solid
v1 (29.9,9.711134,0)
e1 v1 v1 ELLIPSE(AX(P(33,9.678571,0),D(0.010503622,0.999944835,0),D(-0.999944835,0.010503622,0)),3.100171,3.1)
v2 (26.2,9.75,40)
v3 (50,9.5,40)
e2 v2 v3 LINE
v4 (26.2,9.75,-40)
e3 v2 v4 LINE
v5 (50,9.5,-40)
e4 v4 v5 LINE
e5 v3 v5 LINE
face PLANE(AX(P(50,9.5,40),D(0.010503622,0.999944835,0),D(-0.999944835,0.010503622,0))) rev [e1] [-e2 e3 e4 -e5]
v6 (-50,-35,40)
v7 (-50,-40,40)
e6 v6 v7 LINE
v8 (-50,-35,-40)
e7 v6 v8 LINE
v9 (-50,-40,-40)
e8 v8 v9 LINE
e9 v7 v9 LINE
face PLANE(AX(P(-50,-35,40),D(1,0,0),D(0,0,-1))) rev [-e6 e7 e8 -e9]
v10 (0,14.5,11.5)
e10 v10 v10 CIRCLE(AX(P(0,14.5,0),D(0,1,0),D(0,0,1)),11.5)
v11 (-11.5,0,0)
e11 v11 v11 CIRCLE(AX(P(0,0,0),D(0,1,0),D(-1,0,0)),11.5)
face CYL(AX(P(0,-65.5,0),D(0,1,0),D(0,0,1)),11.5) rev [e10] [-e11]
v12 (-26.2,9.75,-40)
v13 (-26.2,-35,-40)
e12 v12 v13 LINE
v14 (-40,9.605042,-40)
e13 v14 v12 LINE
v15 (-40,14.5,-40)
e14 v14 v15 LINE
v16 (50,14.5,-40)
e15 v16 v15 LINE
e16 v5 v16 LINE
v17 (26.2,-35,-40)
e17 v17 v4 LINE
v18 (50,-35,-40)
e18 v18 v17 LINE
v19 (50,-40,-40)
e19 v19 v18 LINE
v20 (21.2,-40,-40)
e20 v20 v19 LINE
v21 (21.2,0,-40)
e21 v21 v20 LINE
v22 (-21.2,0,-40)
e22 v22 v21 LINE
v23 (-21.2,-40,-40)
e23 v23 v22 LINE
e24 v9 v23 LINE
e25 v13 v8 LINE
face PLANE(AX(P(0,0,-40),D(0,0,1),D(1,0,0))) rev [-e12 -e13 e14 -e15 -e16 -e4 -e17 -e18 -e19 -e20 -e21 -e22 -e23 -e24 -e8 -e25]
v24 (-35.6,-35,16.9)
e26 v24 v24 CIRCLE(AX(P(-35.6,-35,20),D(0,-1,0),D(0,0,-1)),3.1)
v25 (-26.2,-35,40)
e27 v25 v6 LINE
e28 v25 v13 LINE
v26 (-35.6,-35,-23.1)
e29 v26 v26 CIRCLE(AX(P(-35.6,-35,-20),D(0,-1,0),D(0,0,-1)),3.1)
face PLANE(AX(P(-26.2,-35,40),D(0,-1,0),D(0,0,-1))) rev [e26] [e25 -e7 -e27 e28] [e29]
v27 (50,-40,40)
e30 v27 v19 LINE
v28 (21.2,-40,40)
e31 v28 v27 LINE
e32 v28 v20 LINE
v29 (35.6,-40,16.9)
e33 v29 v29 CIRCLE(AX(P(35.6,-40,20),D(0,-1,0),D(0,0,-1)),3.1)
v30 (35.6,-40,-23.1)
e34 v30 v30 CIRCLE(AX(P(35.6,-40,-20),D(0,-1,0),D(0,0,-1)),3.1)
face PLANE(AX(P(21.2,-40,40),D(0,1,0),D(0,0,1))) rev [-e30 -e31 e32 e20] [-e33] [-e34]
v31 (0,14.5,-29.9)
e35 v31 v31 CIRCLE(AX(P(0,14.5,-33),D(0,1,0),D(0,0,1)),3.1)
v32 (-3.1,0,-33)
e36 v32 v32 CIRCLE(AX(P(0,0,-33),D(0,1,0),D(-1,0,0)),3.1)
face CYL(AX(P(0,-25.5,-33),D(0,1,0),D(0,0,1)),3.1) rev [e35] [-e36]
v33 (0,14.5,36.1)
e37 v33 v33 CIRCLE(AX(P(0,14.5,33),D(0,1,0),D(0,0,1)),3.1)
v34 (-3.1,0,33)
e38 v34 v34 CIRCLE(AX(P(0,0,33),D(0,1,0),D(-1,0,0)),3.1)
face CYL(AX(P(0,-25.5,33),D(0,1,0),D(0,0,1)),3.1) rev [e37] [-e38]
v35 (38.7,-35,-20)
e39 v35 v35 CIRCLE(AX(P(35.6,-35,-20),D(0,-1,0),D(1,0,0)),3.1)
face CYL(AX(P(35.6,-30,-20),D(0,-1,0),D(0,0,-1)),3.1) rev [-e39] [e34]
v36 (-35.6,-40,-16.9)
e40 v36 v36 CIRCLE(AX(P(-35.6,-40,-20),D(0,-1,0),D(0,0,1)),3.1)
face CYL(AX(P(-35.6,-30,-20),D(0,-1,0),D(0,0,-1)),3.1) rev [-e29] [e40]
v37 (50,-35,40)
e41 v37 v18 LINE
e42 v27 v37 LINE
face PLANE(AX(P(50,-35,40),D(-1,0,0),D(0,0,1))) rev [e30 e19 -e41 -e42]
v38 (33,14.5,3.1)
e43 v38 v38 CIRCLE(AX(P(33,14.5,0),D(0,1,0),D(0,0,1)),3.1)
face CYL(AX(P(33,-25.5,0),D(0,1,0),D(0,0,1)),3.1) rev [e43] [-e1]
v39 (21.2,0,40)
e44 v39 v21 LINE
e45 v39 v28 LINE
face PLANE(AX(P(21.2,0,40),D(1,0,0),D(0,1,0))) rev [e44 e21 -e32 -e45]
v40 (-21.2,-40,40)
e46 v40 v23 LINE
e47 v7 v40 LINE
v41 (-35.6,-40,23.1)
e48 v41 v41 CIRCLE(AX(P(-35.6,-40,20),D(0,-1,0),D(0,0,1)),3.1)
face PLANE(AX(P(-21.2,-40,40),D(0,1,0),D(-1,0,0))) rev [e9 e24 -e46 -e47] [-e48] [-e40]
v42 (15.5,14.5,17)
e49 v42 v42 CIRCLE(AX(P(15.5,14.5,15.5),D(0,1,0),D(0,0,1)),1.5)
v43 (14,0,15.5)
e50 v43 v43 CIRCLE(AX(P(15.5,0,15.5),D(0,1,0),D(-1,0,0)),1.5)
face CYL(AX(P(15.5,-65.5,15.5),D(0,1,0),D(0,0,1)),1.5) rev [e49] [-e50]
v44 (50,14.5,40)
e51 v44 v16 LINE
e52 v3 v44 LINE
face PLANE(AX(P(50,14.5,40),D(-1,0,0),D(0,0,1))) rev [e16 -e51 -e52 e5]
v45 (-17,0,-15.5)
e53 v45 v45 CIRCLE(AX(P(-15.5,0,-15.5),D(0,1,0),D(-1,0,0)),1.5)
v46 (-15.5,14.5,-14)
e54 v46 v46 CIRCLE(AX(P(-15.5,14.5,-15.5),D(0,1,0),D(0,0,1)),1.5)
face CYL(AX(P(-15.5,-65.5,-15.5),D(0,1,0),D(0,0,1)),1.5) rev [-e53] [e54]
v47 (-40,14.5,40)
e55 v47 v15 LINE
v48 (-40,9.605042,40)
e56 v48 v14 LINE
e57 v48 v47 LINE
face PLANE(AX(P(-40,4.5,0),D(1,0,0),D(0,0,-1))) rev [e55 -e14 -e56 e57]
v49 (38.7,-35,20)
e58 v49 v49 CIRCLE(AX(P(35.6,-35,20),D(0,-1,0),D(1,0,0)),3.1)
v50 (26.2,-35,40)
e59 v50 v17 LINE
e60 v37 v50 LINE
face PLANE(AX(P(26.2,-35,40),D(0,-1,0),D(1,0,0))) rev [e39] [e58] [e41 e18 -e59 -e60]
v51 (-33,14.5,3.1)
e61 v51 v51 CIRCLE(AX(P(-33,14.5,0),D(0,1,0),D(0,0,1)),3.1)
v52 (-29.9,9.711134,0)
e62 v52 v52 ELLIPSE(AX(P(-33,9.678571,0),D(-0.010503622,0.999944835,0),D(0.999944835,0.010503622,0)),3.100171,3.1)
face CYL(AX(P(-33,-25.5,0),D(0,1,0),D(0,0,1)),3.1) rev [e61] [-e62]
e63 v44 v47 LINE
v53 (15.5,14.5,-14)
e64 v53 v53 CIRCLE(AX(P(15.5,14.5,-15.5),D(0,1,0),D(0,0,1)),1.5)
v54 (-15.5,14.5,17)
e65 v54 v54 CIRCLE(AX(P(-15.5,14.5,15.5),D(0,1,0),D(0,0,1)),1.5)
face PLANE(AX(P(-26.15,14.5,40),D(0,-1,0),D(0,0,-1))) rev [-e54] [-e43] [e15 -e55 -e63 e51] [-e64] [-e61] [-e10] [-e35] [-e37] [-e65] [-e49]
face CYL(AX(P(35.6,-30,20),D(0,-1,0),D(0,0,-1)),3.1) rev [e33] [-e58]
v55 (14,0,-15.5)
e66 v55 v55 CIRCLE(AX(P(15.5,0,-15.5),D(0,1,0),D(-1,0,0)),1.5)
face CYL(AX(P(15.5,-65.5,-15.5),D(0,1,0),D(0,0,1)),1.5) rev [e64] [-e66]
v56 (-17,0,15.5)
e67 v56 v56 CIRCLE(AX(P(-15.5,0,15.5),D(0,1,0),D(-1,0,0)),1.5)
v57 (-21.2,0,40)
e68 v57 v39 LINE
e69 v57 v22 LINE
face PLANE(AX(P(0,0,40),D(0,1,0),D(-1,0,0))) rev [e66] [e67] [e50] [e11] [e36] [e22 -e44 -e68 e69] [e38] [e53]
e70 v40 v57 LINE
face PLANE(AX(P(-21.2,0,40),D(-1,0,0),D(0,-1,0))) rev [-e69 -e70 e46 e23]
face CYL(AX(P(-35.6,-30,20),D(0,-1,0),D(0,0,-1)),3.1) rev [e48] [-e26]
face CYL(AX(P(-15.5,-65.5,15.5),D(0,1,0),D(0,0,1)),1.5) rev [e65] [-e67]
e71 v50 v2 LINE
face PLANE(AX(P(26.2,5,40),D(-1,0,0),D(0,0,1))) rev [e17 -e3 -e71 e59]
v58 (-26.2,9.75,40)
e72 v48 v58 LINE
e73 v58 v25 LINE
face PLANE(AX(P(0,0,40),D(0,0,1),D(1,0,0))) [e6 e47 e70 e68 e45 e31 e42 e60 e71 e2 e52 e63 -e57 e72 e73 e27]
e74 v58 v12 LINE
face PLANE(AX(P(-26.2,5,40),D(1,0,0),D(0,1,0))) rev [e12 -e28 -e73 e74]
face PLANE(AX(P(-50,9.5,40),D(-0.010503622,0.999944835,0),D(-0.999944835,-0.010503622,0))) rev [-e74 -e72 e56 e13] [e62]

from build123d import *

# Parameters (mm, degrees)
BOSS_EXTRUDE3_DEPTH = 40
SKETCH4_R           = 11.5
SKETCH4_R_2         = 1.5
CUT_EXTRUDE1_DEPTH  = 80
SKETCH5_R           = 3.1
CUT_EXTRUDE2_DEPTH  = 40
SKETCH9_R           = 3.1
CUT_EXTRUDE3_DEPTH  = 10
SKETCH11_W          = 10
SKETCH11_H          = 80
CUT_EXTRUDE4_DEPTH  = 10


with BuildPart() as part:
    # Sketch1 → Boss-Extrude3 (new, symmetric)
    with BuildSketch(Plane.XY):
        Polygon((0, 0), (21.2, 0), (21.2, -40), (50, -40), (50, -35), (26.2, -35), (26.2, 5), (26.2, 9.75), (50, 9.5), (50, 14.5), (26.15, 14.5), (-26.15, 14.5), (-50, 14.5), (-50, 9.5), (-26.2, 9.75), (-26.2, 5), (-26.2, -35), (-50, -35), (-50, -40), (-21.2, -40), (-21.2, 0), align=None)
    extrude(amount=BOSS_EXTRUDE3_DEPTH, both=True)

    # Sketch4 → Cut-Extrude1 (cut)
    with BuildSketch(Plane(origin=(0, 14.5, 0), x_dir=(1, 0, 0), z_dir=(0, 1, 0))):
        with Locations(Location((0, 0, 0), (0, 0, 270))):
            Circle(SKETCH4_R)
        with Locations(Location((-15.5, 15.5, 0), (0, 0, 270))):
            Circle(SKETCH4_R_2)
        with Locations(Location((-15.5, -15.5, 0), (0, 0, 270))):
            Circle(SKETCH4_R_2)
        with Locations(Location((15.5, -15.5, 0), (0, 0, 270))):
            Circle(SKETCH4_R_2)
        with Locations(Location((15.5, 15.5, 0), (0, 0, 270))):
            Circle(SKETCH4_R_2)
    extrude(amount=-CUT_EXTRUDE1_DEPTH, mode=Mode.SUBTRACT)

    # Sketch5 → Cut-Extrude2 (cut)
    with BuildSketch(Plane(origin=(0, 14.5, 0), x_dir=(1, 0, 0), z_dir=(0, 1, 0))):
        with Locations(Location((33, 0, 0), (0, 0, 270))):
            Circle(SKETCH5_R)
        with Locations(Location((0, -33, 0), (0, 0, 270))):
            Circle(SKETCH5_R)
        with Locations(Location((-33, 0, 0), (0, 0, 270))):
            Circle(SKETCH5_R)
        with Locations(Location((0, 33, 0), (0, 0, 270))):
            Circle(SKETCH5_R)
    extrude(amount=-CUT_EXTRUDE2_DEPTH, mode=Mode.SUBTRACT)

    # Sketch9 → Cut-Extrude3 (cut)
    with BuildSketch(Plane.XZ.offset(40)):
        with Locations(Location((35.6, 20, 0), (0, 0, 270))):
            Circle(SKETCH9_R)
        with Locations(Location((35.6, -20, 0), (0, 0, 270))):
            Circle(SKETCH9_R)
        with Locations(Location((-35.6, -20, 0), (0, 0, 270))):
            Circle(SKETCH9_R)
        with Locations(Location((-35.6, 20, 0), (0, 0, 270))):
            Circle(SKETCH9_R)
    extrude(amount=-CUT_EXTRUDE3_DEPTH, mode=Mode.SUBTRACT)

    # Sketch11 → Cut-Extrude4 (cut)
    with BuildSketch(Plane(origin=(0, 14.5, 0), x_dir=(1, 0, 0), z_dir=(0, 1, 0))):
        with Locations((-45, 0)):
            Rectangle(SKETCH11_W, SKETCH11_H)
    extrude(amount=-CUT_EXTRUDE4_DEPTH, mode=Mode.SUBTRACT)


solid = part.part
